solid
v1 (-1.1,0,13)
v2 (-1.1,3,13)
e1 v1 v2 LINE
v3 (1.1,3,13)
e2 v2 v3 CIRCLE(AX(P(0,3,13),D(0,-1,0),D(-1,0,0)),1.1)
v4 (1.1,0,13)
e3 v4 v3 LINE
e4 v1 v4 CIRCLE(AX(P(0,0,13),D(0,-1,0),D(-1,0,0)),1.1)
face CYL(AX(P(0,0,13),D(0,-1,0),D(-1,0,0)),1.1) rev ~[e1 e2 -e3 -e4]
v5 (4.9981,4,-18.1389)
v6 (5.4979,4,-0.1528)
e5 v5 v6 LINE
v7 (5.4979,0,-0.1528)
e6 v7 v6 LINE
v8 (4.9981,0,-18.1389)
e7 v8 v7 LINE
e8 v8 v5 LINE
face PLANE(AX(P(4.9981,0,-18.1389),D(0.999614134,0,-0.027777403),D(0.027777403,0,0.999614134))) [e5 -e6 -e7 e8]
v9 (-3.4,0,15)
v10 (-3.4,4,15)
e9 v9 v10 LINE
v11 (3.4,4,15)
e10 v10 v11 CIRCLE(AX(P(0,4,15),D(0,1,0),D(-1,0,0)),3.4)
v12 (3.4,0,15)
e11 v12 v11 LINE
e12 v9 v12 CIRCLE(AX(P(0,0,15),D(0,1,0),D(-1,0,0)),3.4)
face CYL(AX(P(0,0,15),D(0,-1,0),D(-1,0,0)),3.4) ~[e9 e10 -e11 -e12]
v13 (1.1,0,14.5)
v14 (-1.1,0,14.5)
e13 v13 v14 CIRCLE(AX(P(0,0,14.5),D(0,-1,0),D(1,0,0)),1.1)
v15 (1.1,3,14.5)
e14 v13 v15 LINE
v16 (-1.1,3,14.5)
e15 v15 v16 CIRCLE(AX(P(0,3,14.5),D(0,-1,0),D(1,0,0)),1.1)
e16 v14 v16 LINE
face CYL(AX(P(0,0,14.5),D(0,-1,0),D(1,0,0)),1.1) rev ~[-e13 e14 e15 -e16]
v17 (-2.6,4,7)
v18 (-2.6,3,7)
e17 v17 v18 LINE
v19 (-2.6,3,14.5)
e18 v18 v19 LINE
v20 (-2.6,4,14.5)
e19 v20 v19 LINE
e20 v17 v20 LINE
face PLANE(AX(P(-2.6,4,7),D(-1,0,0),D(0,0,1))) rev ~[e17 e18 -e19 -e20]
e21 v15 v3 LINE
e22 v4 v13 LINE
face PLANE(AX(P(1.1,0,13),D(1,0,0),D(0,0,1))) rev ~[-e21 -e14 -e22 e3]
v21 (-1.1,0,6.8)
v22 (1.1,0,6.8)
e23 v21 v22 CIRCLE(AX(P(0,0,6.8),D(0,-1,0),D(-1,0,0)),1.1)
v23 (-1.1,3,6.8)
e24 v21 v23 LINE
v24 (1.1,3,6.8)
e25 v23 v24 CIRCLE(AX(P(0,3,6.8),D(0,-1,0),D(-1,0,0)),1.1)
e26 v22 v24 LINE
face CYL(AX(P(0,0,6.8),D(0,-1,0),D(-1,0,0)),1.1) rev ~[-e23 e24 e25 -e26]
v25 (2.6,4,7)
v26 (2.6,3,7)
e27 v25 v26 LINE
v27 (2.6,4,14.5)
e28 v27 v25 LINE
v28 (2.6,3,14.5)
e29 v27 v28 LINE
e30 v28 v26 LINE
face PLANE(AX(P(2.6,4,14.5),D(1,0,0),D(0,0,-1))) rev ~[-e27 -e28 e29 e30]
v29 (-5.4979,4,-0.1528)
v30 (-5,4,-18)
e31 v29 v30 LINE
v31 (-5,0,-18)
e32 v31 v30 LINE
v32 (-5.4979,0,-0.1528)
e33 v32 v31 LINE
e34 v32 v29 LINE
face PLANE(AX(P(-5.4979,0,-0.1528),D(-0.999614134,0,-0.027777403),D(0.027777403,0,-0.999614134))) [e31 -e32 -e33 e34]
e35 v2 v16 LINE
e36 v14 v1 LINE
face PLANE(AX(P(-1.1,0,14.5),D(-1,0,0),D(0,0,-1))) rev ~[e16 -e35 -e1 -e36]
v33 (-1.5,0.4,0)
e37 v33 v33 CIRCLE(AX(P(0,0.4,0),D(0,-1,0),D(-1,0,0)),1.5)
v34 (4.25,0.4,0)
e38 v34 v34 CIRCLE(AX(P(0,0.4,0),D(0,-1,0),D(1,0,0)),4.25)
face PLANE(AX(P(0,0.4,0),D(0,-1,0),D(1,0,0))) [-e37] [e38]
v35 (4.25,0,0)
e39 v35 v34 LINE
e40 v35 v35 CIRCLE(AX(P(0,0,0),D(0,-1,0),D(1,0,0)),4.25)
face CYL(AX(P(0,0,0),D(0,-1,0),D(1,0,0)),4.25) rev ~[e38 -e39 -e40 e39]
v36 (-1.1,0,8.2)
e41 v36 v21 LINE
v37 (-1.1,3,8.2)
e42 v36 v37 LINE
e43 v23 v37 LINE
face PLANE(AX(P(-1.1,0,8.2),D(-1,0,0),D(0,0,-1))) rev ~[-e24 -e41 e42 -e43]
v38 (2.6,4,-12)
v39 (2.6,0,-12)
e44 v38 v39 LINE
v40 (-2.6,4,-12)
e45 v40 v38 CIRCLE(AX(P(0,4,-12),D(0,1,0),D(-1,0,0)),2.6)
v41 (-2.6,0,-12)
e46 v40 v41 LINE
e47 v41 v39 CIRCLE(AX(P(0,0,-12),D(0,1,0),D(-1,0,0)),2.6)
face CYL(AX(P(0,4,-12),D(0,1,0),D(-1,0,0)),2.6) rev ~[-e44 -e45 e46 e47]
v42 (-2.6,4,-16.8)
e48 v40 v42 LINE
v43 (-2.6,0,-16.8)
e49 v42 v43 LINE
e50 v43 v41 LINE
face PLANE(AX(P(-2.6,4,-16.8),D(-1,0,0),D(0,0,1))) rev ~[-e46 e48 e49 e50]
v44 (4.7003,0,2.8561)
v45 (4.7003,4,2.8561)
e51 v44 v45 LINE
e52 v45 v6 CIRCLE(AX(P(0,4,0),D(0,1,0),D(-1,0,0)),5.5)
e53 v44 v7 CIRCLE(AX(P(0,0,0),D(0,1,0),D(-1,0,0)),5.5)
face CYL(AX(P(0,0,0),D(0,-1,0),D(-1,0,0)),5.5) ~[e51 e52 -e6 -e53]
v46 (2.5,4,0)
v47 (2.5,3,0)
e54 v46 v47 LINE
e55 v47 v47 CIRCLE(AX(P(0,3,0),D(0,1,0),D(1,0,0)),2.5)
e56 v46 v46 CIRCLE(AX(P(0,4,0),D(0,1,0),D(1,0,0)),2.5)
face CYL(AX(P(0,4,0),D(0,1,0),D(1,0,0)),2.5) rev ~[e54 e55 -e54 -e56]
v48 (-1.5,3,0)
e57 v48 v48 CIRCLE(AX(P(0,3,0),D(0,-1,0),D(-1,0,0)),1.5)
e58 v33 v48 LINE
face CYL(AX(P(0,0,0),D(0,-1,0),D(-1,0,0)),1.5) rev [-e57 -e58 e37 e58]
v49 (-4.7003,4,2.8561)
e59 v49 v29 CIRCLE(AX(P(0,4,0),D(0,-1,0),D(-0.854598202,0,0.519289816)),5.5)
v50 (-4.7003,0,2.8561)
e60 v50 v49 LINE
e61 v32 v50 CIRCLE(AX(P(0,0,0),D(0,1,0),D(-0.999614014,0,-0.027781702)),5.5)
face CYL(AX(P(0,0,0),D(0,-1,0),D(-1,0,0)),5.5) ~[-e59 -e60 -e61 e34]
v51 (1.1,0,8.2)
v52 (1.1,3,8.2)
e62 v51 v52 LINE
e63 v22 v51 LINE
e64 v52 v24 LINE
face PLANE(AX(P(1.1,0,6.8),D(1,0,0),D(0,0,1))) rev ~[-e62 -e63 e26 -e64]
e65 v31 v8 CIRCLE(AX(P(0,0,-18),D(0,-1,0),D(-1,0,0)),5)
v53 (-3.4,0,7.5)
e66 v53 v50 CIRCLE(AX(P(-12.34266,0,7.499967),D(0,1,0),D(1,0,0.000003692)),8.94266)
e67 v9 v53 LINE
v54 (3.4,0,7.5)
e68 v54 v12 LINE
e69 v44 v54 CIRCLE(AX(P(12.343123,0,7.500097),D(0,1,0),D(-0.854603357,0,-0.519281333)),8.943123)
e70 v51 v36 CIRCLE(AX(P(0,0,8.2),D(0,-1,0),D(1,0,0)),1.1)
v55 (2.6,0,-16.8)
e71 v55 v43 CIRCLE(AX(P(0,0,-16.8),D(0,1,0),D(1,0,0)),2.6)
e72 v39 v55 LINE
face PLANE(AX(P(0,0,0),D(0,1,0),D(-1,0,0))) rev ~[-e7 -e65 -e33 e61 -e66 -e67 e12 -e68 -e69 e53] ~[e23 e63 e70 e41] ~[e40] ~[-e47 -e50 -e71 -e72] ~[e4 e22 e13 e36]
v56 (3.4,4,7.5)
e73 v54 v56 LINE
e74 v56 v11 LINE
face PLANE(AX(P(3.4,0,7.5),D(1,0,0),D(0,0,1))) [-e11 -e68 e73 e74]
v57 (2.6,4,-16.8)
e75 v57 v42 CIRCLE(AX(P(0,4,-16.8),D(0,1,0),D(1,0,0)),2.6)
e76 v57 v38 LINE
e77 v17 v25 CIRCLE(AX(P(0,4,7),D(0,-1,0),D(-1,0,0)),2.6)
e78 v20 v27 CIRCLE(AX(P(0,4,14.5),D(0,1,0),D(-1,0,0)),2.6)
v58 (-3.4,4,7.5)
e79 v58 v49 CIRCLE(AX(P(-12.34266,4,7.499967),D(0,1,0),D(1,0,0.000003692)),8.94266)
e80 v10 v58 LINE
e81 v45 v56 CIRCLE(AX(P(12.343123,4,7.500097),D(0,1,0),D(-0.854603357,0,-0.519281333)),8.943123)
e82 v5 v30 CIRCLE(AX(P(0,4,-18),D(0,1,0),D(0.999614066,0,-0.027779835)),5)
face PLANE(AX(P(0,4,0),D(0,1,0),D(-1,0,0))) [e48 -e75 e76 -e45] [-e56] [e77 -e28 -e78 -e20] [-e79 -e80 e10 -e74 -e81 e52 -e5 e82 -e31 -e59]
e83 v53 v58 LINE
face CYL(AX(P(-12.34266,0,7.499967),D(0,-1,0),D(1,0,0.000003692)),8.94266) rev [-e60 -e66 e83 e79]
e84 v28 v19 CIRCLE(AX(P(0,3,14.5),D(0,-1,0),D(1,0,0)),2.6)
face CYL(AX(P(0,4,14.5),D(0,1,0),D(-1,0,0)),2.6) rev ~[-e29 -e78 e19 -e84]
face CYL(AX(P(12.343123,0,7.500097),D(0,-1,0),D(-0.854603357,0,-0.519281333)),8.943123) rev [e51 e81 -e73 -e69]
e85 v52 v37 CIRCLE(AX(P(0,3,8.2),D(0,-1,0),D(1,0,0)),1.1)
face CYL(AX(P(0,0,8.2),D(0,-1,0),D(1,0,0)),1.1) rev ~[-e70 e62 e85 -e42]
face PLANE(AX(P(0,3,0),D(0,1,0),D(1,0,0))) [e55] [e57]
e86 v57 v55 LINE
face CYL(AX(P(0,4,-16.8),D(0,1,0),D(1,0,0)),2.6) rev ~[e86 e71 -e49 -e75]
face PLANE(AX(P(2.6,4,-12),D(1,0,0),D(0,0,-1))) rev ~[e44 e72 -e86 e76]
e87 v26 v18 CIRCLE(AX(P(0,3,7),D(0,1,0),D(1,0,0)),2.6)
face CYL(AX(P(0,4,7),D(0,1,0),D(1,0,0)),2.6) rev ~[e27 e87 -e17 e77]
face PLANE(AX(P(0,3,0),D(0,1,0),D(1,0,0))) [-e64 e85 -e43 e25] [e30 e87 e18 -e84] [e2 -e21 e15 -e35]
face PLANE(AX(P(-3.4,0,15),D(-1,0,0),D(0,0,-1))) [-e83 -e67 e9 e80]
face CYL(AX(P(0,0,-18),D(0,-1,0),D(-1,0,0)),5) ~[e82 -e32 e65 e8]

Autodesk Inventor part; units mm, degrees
ref_plane "YZ Plane" through (0, 0, 0) normal (1, 0, 0) x (0, 1, 0)
ref_plane "XZ Plane" through (0, 0, 0) normal (0, 1, 0) x (-1, 0, 0)
ref_plane "XY Plane" through (0, 0, 0) normal (0, 0, 1) x (1, 0, 0)
sketch "Sketch1" plane through (0, 0, 0) normal (0, 1, 0) x (-1, 0, 0)
  circle A0 centre (0, 0) radius 1.5
  circle A1 centre (0, 0) radius 5.5
  circle A2 centre (0, -18) radius 5
  line L0 (5.4979, -0.1528) -> (4.9981, -18.1389)
  line L1 (-4.9981, -18.1389) -> (-5.4979, -0.1528)
  line L2 (0, 0) -> (0, 15) construction
  line L3 (-3.4, 0) -> (-3.4, 15)
  line L4 (3.4, 15) -> (3.4, 0)
  arc A3 (-3.4, 0) -> (3.4, 0) centre (0, 0) ccw
  arc A4 (3.4, 15) -> (-3.4, 15) centre (0, 15) ccw
  arc A5 (3.4, 7.5) -> (4.7003, 2.8561) centre (12.3429, 7.5) ccw
  arc A6 (-4.7003, 2.8561) -> (-3.4, 7.5) centre (-12.3429, 7.5) ccw
  point P0 (0, 7.5)
  point P1 (-3.4, 4.3232)
  point P2 (3.4, 4.3232)
  point P3 (-3.4, 7.5)
  dimension "d0" = 3
  dimension "d1" = 11
  dimension "d3" = 18
  dimension "d43" = 15
  dimension "d44" = 3.4
  dimension "d74" = 10
extrude "Extrusion1" add sketch "Sketch1" along normal blind 4
sketch "Sketch2" plane through (0, 4, 0) normal (0, 1, 0) x (1, 0, 0)
  arc A0 (4.9981, 18.1389) -> (-4.9981, 18.1389) centre (0, 18) ccw projected
  circle A1 centre (0, 0) radius 1.5 projected
  line L0 (0, 16.8) -> (0, 12) construction
  line L1 (-2.6, 16.8) -> (-2.6, 12)
  line L2 (2.6, 12) -> (2.6, 16.8)
  arc A2 (2.6, 16.8) -> (-2.6, 16.8) centre (0, 16.8) ccw
  arc A3 (-2.6, 12) -> (2.6, 12) centre (0, 12) ccw
  line L3 (-3.4, -7.5) -> (-3.4, -15) projected
  arc A4 (-3.4, -15) -> (3.4, -15) centre (0, -15) ccw projected
  line L4 (3.4, -15) -> (3.4, -7.5) projected
  line L5 (-4.9981, 18.1389) -> (-5.4979, 0.1528) projected
  arc A5 (-5.4979, 0.1528) -> (-4.7003, -2.8561) centre (0, 0) ccw projected
  arc A6 (4.7003, -2.8561) -> (5.4979, 0.1528) centre (0, 0) ccw projected
  line L6 (5.4979, 0.1528) -> (4.9981, 18.1389) projected
  arc A7 (-3.4, -7.5) -> (-4.7003, -2.8561) centre (-12.3429, -7.5) ccw projected
  arc A8 (4.7003, -2.8561) -> (3.4, -7.5) centre (12.3429, -7.5) ccw projected
  point P0 (0, 14.4)
  dimension "d6" = 4.8
  dimension "d7" = 5.2
  dimension "d9" = 12
extrude "Extrusion2" cut sketch "Sketch2" against normal through all contours A2 L2 A3 L1
sketch "Sketch8" plane through (0, 4, 0) normal (0, 1, 0) x (1, 0, 0)
  line L0 (0, 31.28) -> (0, -26.68) projected
  line L1 (0, -14.5) -> (0, -7) construction
  line L2 (2.6, -14.5) -> (2.6, -7)
  line L3 (-2.6, -7) -> (-2.6, -14.5)
  arc A0 (-2.6, -14.5) -> (2.6, -14.5) centre (0, -14.5) ccw
  arc A1 (2.6, -7) -> (-2.6, -7) centre (0, -7) ccw
  point P0 (0, 0)
  point P1 (0, -10.75)
  dimension "d45" = 5.2
  dimension "d47" = 7
  dimension "d48" = 14.5
extrude "Extrusion8" cut sketch "Sketch8" against normal blind 1
sketch "Sketch10" plane through (0, 0, 0) normal (0, -1, 0) x (1, 0, 0)
  line L0 (0, 6.8) -> (0, 8.2) construction
  line L1 (1.1, 6.8) -> (1.1, 8.2)
  line L2 (-1.1, 8.2) -> (-1.1, 6.8)
  arc A0 (-1.1, 6.8) -> (1.1, 6.8) centre (0, 6.8) ccw
  arc A1 (1.1, 8.2) -> (-1.1, 8.2) centre (0, 8.2) ccw
  line L3 (0, 13) -> (0, 14.5) construction
  line L4 (1.1, 13) -> (1.1, 14.5)
  line L5 (-1.1, 14.5) -> (-1.1, 13)
  arc A2 (-1.1, 13) -> (1.1, 13) centre (0, 13) ccw
  arc A3 (1.1, 14.5) -> (-1.1, 14.5) centre (0, 14.5) ccw
  line L6 (0, -7.3) -> (0, -7.7) construction
  line L7 (1.1, -7.3) -> (1.1, -7.7)
  line L8 (-1.1, -7.7) -> (-1.1, -7.3)
  arc A4 (1.1, -7.3) -> (-1.1, -7.3) centre (0, -7.3) ccw
  arc A5 (-1.1, -7.7) -> (1.1, -7.7) centre (0, -7.7) ccw
  point P0 (0, 0)
  point P1 (0, 7.5)
  point P2 (0, 13.75)
  point P3 (0, -7.5)
  dimension "d60" = 2.2
  dimension "d61" = 6.8
  dimension "d62" = 1.4
  dimension "d63" = 1.5
  dimension "d64" = 2.2
  dimension "d65" = 13
  dimension "d78" = 0.2
  dimension "d79" = 7.5
extrude "Extrusion9" cut sketch "Sketch10" against normal through all contours A0 L2 A1 L1 | A2 L5 A3 L4
sketch "Sketch11" plane through (0, 0, 0) normal (0, -1, 0) x (1, 0, 0)
  circle A0 centre (0, 0) radius 4.25
  dimension "d73" = 8.5
extrude "Extrusion10" cut sketch "Sketch11" against normal blind 0.4
sketch "Sketch12" plane through (0, 4, 0) normal (0, 1, 0) x (1, 0, 0)
  circle A0 centre (0, 0) radius 2.5
  dimension "d75" = 5
extrude "Extrusion11" cut sketch "Sketch12" against normal blind 1
properties part number "Servo steering actuator v2"
